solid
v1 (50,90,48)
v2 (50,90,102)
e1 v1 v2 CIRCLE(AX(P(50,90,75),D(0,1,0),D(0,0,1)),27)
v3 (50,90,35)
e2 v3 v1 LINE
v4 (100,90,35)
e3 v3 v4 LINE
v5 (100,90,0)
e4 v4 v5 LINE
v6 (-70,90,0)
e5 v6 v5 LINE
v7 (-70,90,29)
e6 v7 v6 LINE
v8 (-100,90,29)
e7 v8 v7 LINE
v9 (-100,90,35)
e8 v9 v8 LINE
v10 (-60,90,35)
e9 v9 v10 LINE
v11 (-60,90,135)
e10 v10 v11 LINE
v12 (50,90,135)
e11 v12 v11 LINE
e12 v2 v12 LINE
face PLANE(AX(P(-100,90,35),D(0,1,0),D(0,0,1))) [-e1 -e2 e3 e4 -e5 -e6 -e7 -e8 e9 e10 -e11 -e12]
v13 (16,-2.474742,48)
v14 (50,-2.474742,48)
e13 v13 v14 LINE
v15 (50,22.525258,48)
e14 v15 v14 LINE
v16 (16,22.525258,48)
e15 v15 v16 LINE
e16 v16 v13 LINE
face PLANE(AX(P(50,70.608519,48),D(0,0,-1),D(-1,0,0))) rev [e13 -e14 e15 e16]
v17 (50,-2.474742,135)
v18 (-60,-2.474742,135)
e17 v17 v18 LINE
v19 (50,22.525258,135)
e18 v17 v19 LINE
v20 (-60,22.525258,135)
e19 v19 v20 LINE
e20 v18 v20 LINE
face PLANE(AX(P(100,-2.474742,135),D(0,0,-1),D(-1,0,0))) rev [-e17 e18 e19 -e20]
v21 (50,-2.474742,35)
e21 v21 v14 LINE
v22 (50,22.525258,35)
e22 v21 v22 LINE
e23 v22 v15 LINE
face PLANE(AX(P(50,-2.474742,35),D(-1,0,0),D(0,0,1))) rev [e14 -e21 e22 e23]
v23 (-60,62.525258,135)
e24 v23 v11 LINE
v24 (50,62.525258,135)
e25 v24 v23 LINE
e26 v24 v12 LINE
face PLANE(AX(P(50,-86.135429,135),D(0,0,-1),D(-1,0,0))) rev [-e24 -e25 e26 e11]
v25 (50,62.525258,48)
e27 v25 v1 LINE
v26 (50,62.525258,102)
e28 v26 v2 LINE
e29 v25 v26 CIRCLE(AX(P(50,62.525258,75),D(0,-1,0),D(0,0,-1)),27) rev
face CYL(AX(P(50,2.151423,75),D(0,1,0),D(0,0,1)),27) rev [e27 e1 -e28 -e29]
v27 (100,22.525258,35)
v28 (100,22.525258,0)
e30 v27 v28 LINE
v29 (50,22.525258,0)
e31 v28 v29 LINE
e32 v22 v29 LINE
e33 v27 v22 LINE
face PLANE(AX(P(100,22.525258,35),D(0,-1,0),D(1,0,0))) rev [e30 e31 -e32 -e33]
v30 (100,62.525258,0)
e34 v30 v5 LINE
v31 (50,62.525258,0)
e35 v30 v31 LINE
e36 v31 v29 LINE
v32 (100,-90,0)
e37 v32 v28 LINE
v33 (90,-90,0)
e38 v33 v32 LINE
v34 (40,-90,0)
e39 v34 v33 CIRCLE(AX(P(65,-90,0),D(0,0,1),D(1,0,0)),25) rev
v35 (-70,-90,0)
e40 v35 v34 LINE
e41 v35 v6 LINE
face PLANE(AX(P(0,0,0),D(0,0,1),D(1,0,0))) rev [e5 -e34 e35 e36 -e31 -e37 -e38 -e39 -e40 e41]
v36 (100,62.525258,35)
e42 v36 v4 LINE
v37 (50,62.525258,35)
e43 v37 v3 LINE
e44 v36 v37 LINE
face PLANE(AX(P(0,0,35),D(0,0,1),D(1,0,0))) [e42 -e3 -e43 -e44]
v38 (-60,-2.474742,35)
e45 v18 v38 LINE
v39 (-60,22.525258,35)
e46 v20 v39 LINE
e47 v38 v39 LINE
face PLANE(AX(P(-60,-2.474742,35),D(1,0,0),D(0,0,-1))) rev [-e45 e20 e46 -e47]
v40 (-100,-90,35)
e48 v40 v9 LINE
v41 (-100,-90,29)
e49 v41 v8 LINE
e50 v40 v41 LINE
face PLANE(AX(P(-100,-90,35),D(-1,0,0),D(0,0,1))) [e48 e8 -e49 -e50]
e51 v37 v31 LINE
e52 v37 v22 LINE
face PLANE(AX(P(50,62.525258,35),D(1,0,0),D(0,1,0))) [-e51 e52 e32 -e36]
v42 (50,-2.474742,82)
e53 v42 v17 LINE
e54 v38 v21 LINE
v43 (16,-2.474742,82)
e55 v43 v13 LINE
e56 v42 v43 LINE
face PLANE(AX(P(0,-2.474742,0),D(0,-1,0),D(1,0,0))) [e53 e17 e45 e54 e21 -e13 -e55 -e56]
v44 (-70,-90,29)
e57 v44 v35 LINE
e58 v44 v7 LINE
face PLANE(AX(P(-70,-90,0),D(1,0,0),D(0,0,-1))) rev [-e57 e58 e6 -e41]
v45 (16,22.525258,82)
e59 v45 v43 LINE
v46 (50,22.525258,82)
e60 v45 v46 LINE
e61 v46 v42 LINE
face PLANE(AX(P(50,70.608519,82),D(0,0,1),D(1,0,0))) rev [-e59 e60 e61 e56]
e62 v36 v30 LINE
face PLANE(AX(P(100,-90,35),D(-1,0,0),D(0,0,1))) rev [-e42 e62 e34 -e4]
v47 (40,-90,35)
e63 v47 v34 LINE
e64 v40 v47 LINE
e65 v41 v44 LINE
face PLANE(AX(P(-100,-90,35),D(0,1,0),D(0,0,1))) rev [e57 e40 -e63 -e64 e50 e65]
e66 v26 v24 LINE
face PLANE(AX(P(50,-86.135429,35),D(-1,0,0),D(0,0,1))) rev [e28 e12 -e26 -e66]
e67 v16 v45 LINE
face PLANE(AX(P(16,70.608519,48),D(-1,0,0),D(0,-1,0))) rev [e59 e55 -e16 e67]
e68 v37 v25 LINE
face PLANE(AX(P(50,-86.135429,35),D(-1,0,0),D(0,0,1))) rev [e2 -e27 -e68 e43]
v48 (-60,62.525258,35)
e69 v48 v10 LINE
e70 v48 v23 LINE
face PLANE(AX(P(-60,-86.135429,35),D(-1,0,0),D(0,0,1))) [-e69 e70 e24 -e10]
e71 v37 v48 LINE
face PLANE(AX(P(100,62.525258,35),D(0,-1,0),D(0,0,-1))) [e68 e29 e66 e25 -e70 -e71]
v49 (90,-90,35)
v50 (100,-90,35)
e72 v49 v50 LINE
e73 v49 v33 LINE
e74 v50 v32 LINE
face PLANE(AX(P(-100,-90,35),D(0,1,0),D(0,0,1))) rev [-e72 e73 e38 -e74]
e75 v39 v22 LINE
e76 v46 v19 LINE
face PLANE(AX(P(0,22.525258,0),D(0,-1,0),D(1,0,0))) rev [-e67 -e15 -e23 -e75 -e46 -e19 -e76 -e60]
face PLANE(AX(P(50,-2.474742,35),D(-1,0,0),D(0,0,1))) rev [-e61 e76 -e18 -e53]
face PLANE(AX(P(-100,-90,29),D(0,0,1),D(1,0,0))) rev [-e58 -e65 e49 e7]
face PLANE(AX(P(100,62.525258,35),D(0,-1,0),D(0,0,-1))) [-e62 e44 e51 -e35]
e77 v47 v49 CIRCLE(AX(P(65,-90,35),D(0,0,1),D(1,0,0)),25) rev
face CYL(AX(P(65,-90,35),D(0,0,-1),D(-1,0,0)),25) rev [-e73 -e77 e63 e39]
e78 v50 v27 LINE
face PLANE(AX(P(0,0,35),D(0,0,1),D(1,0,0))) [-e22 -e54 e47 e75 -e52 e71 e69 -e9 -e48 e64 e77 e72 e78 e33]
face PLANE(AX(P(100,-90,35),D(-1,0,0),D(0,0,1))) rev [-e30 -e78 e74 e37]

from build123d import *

# Parameters (mm, degrees)
SKETCH_1_W          = 200
SKETCH_1_H          = 180
EXTRUDE_3_DEPTH     = 35
SKETCH_1_3_W        = 50
SKETCH_1_3_H        = 40
CUT_EXTRUDE_2_DEPTH = 140.014387745
SKETCH_4_W          = 110
SKETCH_4_H          = 100
EXTRUDE_4_DEPTH     = 27.474741722
EXTRUDE_START       = -67.474742
SKETCH_4_4_W        = 110
SKETCH_4_4_H        = 100
EXTRUDE_5_DEPTH     = 25
SKETCH_9_W          = 30
SKETCH_9_H          = 29
CUT_EXTRUDE_5_DEPTH = 247.221445045
CUT_EXTRUDE_6_DEPTH = 27.474741722
SKETCH_11_W         = 34
SKETCH_11_H         = 34
CUT_EXTRUDE_7_DEPTH = 25


with BuildPart() as part:
    # Эскиз1 → Бобышка-Вытянуть3 (new body)
    with BuildSketch(Plane.XY):
        Rectangle(SKETCH_1_W, SKETCH_1_H)
    extrude(amount=EXTRUDE_3_DEPTH)

    # Эскиз1<3> → Вырез-Вытянуть2 (cut, through all)
    with BuildSketch(Plane.XY):
        with BuildLine():
            ThreePointArc((40, -90), (65, -65), (90, -90))
            Line((90, -90), (40, -90))
        make_face()
        with Locations((75, 42.525258278)):
            Rectangle(SKETCH_1_3_W, SKETCH_1_3_H)
    extrude(amount=CUT_EXTRUDE_2_DEPTH, mode=Mode.SUBTRACT)

    # Эскиз4 → Бобышка-Вытянуть4 (add)
    with BuildSketch(Plane(origin=(0, 90, 0), x_dir=(1, 0, 0), z_dir=(0, 1, 0))):
        with Locations((-5, -85)):
            Rectangle(SKETCH_4_W, SKETCH_4_H)
    extrude(amount=-EXTRUDE_4_DEPTH)

    # Эскиз4<4> → Бобышка-Вытянуть5 (add)
    with BuildSketch(Plane(origin=(0, 90, 0), x_dir=(1, 0, 0), z_dir=(0, 1, 0)).offset(EXTRUDE_START)):
        with Locations((-5, -85)):
            Rectangle(SKETCH_4_4_W, SKETCH_4_4_H)
    extrude(amount=-EXTRUDE_5_DEPTH)

    # Эскиз9 → Вырез-Вытянуть5 (cut, through all)
    with BuildSketch(Plane(origin=(0, 90, 0), x_dir=(1, 0, 0), z_dir=(0, 1, 0))):
        with Locations((-85, -14.5)):
            Rectangle(SKETCH_9_W, SKETCH_9_H)
    extrude(amount=-CUT_EXTRUDE_5_DEPTH, mode=Mode.SUBTRACT)

    # Эскиз10 → Вырез-Вытянуть6 (cut)
    with BuildSketch(Plane(origin=(0, 90, 0), x_dir=(1, 0, 0), z_dir=(0, 1, 0))):
        with BuildLine():
            Line((50, -48), (50, -102))
            ThreePointArc((50, -102), (23, -75), (50, -48))
        make_face()
    extrude(amount=-CUT_EXTRUDE_6_DEPTH, mode=Mode.SUBTRACT)

    # Эскиз11 → Вырез-Вытянуть7 (cut)
    with BuildSketch(Plane.XZ.offset(2.474741722)):
        with Locations((33, 65)):
            Rectangle(SKETCH_11_W, SKETCH_11_H)
    extrude(amount=-CUT_EXTRUDE_7_DEPTH, mode=Mode.SUBTRACT)


solid = part.part
